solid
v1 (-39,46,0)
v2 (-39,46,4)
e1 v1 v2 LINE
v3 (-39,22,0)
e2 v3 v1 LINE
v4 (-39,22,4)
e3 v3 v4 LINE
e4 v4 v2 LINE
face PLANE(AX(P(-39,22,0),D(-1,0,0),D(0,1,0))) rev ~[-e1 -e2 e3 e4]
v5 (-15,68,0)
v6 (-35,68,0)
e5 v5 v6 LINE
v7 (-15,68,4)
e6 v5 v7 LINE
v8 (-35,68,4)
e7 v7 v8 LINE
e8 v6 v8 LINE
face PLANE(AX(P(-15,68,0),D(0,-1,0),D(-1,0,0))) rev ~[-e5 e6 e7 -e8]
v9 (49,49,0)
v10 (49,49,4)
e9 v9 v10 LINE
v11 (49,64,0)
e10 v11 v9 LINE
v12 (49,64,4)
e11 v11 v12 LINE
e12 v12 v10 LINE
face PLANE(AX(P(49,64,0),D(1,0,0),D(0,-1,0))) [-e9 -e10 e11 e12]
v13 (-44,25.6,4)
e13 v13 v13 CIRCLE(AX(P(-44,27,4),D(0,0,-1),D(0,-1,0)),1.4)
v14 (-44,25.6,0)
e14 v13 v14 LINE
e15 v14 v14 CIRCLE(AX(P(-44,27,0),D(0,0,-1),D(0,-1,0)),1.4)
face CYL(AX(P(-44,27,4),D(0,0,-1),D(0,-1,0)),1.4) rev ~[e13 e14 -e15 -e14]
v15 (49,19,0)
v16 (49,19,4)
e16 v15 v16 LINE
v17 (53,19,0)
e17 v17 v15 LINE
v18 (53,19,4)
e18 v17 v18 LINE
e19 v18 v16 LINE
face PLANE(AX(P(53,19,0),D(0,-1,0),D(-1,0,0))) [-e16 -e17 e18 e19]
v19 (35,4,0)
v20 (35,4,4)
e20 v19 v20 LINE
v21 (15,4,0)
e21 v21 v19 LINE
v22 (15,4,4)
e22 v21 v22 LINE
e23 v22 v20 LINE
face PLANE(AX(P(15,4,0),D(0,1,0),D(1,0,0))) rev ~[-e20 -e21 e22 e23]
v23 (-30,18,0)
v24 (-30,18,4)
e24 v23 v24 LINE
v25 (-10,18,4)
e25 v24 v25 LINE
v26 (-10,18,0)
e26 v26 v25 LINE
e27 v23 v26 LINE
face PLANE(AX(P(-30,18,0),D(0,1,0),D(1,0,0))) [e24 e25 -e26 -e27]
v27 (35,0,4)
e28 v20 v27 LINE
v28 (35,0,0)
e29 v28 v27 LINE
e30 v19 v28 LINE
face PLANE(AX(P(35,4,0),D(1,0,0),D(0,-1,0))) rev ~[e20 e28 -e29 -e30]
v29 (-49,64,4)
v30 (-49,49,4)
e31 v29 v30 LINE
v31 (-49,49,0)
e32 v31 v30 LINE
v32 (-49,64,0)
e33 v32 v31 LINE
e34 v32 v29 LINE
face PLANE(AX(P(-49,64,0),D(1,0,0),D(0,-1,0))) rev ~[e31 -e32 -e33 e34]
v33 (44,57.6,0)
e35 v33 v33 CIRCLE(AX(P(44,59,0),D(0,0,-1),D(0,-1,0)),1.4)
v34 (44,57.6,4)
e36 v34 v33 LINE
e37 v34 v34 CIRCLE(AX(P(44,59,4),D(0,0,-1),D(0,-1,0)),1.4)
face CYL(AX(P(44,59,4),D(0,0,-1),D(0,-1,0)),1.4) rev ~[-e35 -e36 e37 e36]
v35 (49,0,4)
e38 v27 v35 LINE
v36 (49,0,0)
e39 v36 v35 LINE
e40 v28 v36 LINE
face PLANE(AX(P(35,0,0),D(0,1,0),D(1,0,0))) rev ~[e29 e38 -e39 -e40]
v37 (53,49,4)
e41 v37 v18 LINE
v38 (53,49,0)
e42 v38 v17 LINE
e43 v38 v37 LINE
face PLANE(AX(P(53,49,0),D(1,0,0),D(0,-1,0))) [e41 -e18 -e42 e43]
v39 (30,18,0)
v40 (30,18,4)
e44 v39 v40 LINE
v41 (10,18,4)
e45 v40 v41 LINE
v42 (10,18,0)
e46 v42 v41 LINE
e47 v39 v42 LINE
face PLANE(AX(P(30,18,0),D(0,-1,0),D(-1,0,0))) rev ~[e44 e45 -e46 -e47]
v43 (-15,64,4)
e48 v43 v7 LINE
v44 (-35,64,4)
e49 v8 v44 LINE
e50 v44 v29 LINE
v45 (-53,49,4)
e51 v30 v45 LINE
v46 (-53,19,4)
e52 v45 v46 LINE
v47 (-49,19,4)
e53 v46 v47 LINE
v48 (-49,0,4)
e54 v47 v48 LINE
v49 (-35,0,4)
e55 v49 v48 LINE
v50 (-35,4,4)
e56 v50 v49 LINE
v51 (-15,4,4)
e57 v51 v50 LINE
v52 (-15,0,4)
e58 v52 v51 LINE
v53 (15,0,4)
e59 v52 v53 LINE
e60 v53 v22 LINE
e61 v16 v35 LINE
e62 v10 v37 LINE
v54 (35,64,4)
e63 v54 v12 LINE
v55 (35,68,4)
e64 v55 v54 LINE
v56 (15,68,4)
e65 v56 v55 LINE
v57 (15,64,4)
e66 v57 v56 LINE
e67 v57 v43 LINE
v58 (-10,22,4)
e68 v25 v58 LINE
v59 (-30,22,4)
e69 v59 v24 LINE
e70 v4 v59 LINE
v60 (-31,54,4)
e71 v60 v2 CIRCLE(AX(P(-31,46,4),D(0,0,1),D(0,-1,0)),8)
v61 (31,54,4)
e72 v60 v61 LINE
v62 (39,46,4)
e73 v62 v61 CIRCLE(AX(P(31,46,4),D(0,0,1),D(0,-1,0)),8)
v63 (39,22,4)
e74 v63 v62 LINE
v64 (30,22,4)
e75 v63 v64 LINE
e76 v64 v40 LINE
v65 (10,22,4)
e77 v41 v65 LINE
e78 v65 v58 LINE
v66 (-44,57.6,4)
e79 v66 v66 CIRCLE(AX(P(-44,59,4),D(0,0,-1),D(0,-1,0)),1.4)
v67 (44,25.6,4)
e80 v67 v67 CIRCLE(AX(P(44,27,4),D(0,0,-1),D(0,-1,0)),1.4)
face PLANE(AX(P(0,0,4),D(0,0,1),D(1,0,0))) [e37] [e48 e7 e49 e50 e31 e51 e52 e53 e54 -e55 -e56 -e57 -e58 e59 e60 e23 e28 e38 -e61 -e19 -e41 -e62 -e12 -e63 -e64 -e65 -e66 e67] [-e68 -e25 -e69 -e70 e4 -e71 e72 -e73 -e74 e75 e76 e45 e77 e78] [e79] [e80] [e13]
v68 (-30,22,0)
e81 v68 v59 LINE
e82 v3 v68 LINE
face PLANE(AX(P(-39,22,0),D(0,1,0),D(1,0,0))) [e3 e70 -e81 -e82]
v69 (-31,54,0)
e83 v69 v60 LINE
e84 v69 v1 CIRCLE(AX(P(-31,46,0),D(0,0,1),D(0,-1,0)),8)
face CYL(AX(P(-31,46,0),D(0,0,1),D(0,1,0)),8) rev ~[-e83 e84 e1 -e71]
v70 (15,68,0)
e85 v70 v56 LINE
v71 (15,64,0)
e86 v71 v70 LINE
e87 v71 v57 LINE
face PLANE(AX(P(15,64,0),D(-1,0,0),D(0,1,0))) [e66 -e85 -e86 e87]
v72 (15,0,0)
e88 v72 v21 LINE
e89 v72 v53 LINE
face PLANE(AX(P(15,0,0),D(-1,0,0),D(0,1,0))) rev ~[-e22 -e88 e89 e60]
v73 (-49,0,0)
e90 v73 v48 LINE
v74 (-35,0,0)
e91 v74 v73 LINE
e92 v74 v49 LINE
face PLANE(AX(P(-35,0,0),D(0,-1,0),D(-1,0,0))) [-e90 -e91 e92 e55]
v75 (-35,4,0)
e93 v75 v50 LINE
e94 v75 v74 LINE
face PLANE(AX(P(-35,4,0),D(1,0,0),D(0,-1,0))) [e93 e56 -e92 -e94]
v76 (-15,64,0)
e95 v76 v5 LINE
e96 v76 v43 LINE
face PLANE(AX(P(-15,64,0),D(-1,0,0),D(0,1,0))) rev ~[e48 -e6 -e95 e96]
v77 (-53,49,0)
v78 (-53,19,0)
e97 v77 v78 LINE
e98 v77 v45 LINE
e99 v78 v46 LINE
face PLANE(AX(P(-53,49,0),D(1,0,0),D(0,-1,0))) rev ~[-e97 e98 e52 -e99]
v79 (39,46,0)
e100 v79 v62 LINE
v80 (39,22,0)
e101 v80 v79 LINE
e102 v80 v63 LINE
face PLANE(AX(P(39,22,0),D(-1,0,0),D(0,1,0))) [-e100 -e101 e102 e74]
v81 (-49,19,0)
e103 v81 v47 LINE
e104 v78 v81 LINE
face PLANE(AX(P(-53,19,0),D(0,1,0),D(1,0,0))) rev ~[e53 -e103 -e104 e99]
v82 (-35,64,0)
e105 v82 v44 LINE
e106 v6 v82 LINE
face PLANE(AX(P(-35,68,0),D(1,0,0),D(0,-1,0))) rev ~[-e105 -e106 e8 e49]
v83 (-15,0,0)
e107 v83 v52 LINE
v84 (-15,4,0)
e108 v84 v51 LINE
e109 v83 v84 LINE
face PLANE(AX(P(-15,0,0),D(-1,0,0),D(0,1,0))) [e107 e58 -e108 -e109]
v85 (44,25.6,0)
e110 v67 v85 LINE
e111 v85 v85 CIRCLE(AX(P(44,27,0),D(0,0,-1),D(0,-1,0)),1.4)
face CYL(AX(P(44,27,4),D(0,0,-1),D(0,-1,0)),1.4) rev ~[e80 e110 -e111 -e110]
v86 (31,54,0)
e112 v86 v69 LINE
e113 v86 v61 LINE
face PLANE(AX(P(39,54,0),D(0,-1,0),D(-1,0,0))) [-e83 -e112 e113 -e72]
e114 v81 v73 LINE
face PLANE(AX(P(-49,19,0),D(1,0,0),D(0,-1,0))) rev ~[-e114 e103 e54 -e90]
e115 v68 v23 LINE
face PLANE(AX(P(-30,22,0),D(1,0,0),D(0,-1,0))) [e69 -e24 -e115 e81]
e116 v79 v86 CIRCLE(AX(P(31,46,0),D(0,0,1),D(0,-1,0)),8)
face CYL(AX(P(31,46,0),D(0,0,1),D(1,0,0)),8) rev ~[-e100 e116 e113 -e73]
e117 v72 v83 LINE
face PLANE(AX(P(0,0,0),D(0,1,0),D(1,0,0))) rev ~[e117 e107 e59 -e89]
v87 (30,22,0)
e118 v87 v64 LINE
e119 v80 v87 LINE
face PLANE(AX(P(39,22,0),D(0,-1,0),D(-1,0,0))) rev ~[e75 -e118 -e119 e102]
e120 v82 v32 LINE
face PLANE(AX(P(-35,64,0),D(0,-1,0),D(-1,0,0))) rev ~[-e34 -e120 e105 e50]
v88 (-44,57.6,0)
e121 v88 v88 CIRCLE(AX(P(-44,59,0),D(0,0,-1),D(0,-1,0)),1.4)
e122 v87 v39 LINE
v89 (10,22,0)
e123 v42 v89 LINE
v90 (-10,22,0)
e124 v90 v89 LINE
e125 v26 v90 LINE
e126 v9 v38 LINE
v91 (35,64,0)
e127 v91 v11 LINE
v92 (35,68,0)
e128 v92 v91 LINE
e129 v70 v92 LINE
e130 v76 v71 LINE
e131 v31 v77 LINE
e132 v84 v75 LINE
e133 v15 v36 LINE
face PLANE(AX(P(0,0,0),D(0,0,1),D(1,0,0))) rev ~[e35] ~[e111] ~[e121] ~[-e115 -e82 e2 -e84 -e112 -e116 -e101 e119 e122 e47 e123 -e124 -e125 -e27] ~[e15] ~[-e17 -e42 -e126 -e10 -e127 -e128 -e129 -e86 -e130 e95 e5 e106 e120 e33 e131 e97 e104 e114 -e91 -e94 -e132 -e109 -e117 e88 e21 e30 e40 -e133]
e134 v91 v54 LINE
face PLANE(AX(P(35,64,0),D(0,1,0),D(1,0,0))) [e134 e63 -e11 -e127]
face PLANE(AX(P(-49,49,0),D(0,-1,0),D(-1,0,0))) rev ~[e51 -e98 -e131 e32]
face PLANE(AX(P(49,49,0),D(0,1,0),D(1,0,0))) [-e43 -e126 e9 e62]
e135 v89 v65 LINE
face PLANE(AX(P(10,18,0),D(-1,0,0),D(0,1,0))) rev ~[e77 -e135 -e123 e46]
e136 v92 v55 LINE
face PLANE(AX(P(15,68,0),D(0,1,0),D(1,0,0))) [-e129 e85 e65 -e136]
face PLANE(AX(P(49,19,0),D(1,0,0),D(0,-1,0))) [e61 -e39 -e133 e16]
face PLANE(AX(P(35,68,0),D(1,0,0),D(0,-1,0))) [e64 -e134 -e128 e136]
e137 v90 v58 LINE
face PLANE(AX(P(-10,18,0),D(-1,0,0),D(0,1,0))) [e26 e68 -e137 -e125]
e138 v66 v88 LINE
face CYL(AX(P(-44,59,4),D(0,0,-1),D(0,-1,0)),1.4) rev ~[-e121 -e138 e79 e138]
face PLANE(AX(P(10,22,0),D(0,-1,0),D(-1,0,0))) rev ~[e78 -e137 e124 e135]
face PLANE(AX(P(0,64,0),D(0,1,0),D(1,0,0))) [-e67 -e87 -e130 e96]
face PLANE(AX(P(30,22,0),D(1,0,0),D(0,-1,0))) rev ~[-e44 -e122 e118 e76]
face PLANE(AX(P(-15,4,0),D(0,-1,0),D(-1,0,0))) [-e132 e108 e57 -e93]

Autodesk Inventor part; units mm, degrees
ref_plane "YZ Plane" through (0, 0, 0) normal (1, 0, 0) x (0, 1, 0)
ref_plane "XZ Plane" through (0, 0, 0) normal (0, 1, 0) x (-1, 0, 0)
ref_plane "XY Plane" through (0, 0, 0) normal (0, 0, 1) x (1, 0, 0)
sketch "Эскиз1" plane through (0, 0, 0) normal (0, 0, 1) x (1, 0, 0)
  line L0 (0, 0) -> (0, 64) construction
  line L1 (0, 64) -> (-15, 64)
  line L2 (-15, 64) -> (-15, 68)
  line L3 (-15, 68) -> (-35, 68)
  line L4 (-35, 68) -> (-35, 64)
  line L5 (-35, 64) -> (-49, 64)
  line L6 (-49, 64) -> (-49, 49)
  line L7 (-49, 49) -> (-53, 49)
  line L8 (-53, 49) -> (-53, 19)
  line L9 (-53, 19) -> (-49, 19)
  line L10 (-49, 19) -> (-49, 0)
  line L11 (-39, 22) -> (-39, 54)
  line L12 (0, 0) -> (-15, 0)
  line L13 (-15, 0) -> (-15, 4)
  line L14 (-15, 4) -> (-35, 4)
  line L15 (-35, 4) -> (-35, 0)
  line L16 (-35, 0) -> (-49, 0)
  line L17 (-39, 22) -> (-30, 22)
  line L18 (-30, 22) -> (-30, 18)
  line L19 (-30, 18) -> (-10, 18)
  line L20 (-10, 18) -> (-10, 22)
  line L21 (-10, 22) -> (0, 22)
  line L22 (-39, 54) -> (0, 54)
  line L23 (0, 64) -> (15, 64)
  line L24 (15, 64) -> (15, 68)
  line L25 (15, 68) -> (35, 68)
  line L26 (35, 68) -> (35, 64)
  line L27 (35, 64) -> (49, 64)
  line L28 (49, 64) -> (49, 49)
  line L29 (49, 49) -> (53, 49)
  line L30 (53, 49) -> (53, 19)
  line L31 (53, 19) -> (49, 19)
  line L32 (49, 19) -> (49, 0)
  line L33 (39, 22) -> (39, 54)
  line L34 (0, 0) -> (15, 0)
  line L35 (15, 0) -> (15, 4)
  line L36 (15, 4) -> (35, 4)
  line L37 (35, 4) -> (35, 0)
  line L38 (35, 0) -> (49, 0)
  line L39 (39, 22) -> (30, 22)
  line L40 (30, 22) -> (30, 18)
  line L41 (30, 18) -> (10, 18)
  line L42 (10, 18) -> (10, 22)
  line L43 (10, 22) -> (0, 22)
  line L44 (39, 54) -> (0, 54)
  point P0 (0, 32)
  point P1 (53, 32)
  dimension "d0" = 30
  dimension "d8" = 10
  dimension "d12" = 4
  dimension "d13" = 18
  dimension "d14" = 20
  dimension "d15" = 20
  dimension "d16" = 68
  dimension "d17" = 30
  dimension "d18" = 20
  dimension "d19" = 10
  dimension "d20" = 78
  dimension "d21" = 30
  dimension "d22" = 20
  dimension "d23" = 19
extrude "Выдавливание1" add sketch "Эскиз1" along normal blind 4
fillet "Сопряжение1" radius 8 2 edges at (-39, 54, 2) (39, 54, 2)
sketch "Эскиз2" plane through (0, 0, 4) normal (0, 0, 1) x (1, 0, 0)
  line L0 (0, 0) -> (0, 64)
  line L1 (15, 64) -> (-15, 64) projected
  line L2 (-49, 64) -> (-49, 49) projected
  line L3 (-35, 64) -> (-49, 64) projected
  point P0 (-44, 59)
  point P1 (-44, 27)
  point P2 (44, 59)
  point P3 (44, 27)
  dimension "d31" = 5
  dimension "d32" = 5
  dimension "d33" = 37
hole "Отверстие1" at (-44, 59, 4) at (-44, 27, 4) at (44, 59, 4) at (44, 27, 4) direction (0, 0, -1) diameter 2.8 depth 8
properties part number "stiffenerFront" material "Дерево (береза)"
